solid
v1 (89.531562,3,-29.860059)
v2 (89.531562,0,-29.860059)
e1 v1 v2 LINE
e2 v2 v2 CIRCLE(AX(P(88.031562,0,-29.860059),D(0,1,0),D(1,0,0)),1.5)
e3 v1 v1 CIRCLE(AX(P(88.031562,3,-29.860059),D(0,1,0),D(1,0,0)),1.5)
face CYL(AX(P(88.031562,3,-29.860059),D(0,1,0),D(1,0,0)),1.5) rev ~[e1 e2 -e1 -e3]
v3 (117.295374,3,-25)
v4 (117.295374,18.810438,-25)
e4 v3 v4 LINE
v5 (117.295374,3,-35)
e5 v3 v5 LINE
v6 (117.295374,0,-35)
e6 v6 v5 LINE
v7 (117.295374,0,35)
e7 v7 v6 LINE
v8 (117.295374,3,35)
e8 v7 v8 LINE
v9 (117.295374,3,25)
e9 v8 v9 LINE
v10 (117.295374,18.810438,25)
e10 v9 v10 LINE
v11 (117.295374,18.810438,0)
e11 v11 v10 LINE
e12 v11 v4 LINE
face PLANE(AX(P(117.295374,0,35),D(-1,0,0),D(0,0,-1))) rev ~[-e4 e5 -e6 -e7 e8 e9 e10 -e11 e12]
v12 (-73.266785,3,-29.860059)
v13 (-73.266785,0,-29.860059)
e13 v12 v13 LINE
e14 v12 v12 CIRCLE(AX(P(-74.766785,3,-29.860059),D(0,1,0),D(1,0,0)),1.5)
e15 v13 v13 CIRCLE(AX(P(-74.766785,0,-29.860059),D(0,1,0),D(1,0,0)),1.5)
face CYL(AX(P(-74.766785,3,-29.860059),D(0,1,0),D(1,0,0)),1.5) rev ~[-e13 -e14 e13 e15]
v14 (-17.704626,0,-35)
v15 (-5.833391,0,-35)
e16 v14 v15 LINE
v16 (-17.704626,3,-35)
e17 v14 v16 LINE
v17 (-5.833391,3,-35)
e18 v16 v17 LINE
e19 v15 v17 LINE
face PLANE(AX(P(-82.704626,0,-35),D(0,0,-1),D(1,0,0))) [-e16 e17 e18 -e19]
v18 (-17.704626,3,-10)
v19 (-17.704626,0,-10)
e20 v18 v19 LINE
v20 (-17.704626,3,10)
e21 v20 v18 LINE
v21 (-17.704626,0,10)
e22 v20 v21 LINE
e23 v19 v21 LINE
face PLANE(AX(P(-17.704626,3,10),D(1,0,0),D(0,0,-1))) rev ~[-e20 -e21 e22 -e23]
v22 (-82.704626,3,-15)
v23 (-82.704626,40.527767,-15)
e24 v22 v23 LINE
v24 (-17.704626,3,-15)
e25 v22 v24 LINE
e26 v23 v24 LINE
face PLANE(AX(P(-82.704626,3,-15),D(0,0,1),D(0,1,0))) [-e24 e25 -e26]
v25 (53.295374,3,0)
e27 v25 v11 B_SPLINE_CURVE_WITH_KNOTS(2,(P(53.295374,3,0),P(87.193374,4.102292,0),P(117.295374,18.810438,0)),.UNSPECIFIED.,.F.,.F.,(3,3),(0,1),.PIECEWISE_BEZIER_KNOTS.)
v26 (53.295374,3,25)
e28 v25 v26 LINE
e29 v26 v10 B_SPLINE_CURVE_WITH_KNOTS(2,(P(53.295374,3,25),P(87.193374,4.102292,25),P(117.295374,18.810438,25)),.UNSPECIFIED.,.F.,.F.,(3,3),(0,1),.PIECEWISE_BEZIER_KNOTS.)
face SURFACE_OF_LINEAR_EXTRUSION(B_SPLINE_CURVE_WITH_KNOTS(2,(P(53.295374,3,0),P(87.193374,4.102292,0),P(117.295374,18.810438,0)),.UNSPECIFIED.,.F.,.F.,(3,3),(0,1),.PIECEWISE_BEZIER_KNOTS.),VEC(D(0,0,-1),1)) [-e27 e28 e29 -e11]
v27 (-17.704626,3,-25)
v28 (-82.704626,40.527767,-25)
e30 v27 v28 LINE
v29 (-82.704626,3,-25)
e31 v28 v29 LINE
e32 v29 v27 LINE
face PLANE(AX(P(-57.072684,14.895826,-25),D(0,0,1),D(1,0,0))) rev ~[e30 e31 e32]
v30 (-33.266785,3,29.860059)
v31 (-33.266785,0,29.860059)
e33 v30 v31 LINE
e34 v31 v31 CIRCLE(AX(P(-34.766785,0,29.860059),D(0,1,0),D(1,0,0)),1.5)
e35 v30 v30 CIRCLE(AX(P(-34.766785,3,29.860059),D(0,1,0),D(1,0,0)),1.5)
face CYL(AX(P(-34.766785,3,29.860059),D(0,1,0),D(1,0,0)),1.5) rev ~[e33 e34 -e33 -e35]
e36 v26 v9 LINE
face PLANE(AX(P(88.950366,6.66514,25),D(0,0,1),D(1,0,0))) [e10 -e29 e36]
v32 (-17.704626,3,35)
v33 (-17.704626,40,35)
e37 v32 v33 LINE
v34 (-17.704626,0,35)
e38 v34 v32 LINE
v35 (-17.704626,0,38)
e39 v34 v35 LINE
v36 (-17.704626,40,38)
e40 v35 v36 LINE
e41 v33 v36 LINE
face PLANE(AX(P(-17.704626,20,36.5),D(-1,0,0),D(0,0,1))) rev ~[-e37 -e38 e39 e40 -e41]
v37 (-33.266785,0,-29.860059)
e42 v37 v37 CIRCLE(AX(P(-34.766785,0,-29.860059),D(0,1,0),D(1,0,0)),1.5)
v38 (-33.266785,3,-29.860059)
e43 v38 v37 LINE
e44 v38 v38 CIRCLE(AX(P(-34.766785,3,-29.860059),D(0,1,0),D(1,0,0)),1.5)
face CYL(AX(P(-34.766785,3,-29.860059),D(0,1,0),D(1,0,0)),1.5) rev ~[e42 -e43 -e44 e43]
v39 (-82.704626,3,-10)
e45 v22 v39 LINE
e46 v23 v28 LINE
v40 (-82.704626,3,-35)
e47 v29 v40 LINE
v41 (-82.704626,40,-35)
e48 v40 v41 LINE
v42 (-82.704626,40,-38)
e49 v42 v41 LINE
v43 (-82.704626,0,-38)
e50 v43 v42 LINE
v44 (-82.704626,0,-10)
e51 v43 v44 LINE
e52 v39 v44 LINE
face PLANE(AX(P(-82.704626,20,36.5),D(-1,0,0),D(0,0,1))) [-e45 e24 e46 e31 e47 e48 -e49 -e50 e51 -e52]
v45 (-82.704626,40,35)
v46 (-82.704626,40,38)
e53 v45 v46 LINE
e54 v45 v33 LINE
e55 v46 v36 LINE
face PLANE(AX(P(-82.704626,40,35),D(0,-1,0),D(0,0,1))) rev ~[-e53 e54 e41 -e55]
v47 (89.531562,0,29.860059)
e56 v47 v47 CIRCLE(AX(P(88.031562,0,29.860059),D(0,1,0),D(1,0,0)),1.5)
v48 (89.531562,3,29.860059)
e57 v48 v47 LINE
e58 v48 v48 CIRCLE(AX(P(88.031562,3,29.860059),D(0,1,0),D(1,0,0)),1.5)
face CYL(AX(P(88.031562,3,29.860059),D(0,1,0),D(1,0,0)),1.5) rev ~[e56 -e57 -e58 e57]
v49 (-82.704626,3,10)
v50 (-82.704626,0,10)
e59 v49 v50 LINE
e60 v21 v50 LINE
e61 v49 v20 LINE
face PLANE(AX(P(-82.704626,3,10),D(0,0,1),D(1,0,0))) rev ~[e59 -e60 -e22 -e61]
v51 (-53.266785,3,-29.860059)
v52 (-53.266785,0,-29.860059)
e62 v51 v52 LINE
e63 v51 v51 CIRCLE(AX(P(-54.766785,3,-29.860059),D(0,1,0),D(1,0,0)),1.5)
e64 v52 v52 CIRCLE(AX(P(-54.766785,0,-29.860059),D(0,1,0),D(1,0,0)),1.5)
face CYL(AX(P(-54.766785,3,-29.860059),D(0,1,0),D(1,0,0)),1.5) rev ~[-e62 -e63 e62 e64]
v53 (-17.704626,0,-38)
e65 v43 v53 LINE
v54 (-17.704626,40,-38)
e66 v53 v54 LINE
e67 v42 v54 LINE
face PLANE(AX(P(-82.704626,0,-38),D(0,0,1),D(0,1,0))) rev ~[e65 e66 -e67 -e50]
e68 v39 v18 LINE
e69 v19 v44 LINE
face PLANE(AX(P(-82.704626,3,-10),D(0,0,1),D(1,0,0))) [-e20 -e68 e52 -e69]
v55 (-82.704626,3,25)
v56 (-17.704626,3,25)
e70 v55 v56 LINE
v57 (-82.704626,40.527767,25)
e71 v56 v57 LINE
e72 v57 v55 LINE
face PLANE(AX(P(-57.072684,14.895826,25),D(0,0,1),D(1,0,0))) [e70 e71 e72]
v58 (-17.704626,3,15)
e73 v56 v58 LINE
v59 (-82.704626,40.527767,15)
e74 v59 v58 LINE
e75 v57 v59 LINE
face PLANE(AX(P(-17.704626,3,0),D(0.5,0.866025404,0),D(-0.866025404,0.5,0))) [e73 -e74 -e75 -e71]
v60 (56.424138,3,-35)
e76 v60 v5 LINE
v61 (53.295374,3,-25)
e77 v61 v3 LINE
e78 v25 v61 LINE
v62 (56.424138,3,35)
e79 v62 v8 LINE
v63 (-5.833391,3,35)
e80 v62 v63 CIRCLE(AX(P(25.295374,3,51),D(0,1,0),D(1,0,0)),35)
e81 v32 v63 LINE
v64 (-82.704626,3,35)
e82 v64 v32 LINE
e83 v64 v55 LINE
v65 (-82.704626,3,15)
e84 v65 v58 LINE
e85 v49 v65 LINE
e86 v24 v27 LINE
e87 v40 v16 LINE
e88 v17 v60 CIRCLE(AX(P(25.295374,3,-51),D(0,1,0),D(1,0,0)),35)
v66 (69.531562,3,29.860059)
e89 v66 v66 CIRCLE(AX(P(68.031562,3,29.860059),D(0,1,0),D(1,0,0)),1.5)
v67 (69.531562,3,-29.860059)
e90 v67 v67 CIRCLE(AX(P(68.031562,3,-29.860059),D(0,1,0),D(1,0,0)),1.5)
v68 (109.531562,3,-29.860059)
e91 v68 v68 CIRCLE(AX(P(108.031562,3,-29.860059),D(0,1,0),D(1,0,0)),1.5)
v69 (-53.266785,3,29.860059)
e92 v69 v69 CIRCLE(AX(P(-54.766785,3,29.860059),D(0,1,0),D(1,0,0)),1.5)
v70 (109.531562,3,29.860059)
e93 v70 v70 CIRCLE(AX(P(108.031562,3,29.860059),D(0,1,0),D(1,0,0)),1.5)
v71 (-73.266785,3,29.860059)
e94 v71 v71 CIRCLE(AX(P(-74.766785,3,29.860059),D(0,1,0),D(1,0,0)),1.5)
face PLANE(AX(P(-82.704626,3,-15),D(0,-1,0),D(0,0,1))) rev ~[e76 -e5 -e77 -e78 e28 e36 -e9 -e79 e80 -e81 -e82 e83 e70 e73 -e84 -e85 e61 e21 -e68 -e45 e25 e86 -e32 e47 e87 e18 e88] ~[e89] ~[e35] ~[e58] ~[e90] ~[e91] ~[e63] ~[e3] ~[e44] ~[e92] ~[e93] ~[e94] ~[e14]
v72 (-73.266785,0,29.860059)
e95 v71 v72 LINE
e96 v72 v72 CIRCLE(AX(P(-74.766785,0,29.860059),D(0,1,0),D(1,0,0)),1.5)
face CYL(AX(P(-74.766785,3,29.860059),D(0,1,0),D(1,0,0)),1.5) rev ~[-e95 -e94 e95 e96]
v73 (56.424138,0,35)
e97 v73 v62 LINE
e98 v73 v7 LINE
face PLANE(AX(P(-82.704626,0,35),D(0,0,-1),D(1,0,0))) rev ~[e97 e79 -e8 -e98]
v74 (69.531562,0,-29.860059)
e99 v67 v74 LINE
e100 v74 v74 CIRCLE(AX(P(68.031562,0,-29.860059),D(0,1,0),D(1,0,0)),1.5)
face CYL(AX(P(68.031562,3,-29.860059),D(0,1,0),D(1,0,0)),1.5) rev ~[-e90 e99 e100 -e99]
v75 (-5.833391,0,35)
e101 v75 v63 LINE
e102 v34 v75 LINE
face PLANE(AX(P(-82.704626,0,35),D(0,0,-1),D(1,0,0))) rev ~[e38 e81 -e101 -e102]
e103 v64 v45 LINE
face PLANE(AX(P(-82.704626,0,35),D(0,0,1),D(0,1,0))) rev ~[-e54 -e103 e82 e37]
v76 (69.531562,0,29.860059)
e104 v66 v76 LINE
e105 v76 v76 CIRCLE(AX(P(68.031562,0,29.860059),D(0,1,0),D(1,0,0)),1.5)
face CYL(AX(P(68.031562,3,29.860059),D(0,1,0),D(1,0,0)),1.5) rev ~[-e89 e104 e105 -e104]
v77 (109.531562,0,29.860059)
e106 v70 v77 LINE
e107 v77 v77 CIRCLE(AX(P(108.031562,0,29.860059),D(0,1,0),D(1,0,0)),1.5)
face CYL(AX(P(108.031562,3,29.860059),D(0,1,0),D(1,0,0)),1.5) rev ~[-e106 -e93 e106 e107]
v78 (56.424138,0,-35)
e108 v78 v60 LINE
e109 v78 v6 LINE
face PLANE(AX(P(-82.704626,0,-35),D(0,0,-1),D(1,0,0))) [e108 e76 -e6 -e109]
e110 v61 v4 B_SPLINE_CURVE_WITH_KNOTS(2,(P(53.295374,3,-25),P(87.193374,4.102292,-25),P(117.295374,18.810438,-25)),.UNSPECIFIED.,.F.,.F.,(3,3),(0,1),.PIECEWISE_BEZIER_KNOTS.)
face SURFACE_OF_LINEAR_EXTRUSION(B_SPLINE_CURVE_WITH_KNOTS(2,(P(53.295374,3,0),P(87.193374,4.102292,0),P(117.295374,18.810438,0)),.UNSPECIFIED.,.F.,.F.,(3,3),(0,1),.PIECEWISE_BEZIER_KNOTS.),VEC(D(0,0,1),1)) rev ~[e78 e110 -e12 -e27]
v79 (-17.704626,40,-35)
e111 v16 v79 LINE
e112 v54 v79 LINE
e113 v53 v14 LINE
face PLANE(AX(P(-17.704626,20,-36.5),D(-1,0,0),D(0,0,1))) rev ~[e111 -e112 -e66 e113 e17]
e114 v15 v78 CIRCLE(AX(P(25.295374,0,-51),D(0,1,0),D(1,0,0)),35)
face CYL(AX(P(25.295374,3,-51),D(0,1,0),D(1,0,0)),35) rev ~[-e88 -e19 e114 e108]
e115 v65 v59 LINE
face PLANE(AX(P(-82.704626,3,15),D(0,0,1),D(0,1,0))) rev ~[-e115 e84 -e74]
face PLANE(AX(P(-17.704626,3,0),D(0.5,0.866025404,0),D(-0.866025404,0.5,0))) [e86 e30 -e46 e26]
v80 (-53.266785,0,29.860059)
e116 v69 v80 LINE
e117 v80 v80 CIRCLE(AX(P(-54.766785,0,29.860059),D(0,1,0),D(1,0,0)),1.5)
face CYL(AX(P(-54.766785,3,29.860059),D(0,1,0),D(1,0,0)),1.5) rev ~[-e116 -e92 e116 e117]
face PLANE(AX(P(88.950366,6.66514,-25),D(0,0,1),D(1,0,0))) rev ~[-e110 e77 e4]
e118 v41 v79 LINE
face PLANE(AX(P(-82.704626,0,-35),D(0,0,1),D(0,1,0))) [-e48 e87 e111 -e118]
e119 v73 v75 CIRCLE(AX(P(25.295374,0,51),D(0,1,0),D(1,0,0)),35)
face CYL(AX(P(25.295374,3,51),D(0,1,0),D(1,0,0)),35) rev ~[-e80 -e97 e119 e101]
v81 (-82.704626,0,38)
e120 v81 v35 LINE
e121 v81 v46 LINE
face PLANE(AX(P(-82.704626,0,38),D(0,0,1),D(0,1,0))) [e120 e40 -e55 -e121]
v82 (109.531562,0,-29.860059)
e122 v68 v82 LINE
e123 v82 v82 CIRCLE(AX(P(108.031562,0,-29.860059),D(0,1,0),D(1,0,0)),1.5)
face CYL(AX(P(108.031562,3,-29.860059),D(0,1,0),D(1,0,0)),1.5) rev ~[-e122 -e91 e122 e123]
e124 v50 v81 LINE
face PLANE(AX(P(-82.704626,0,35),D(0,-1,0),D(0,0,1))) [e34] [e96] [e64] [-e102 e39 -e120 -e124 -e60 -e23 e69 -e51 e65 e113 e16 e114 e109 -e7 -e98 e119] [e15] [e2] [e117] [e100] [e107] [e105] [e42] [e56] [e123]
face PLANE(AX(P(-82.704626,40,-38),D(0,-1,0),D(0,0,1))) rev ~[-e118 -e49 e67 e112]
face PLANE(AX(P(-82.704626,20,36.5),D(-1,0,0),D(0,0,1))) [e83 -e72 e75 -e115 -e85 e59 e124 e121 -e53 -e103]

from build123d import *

# Parameters (mm, degrees)
SKETCH_1_W           = 200
SKETCH_1_H           = 70
EXTRUDE_1_DEPTH      = 3
EXTRUDE_2_DEPTH      = 25
EXTRUDE_2_DEPTH_BACK = 25
SKETCH_6_W           = 30
SKETCH_6_H           = 37.527767497
CUT_EXTRUDE_4_DEPTH  = 65
SKETCH_7_R           = 35
CUT_EXTRUDE_5_DEPTH  = 4
SKETCH_8_W           = 3
SKETCH_8_H           = 40
EXTRUDE_3_DEPTH      = 65
SKETCH_9_R           = 1.5
CUT_EXTRUDE_6_DEPTH  = 4
SKETCH_11_W          = 65
SKETCH_11_H          = 20
CUT_EXTRUDE_7_DEPTH  = 4


with BuildPart() as part:
    # 草图1 → 凸台-拉伸1 (new body)
    with BuildSketch(Plane(origin=(0, 0, 0), x_dir=(1, 0, 0), z_dir=(0, 1, 0))):
        with Locations((17.295373665, 0)):
            Rectangle(SKETCH_1_W, SKETCH_1_H)
    extrude(amount=EXTRUDE_1_DEPTH)

    # 草图2 → 凸台-拉伸2 (add, two sides)
    with BuildSketch(Plane.XY) as extrude_2_sk:
        Polygon((-82.704626335, 40.527767497), (-82.704626335, 3), (-17.704626335, 3), align=None)
        with BuildLine():
            Line((117.295373665, 3), (117.295373665, 18.810437945))
            add(Edge.make_bspline(
                [(53.295373665, 3), (87.19337421, 4.102292249), (117.295373665, 18.810437945)],
                knots=[0, 0, 0, 1, 1, 1], degree=2))
            Line((53.295373665, 3), (117.295373665, 3))
        make_face()
    extrude(amount=EXTRUDE_2_DEPTH)
    extrude(extrude_2_sk.sketch, amount=-EXTRUDE_2_DEPTH_BACK)

    # 草图6 → 切除-拉伸4 (cut)
    with BuildSketch(Plane.ZY.offset(82.704626335)):
        with Locations((0, 21.763883748)):
            Rectangle(SKETCH_6_W, SKETCH_6_H)
    extrude(amount=-CUT_EXTRUDE_4_DEPTH, mode=Mode.SUBTRACT)

    # 草图7 → 切除-拉伸5 (cut, through all)
    with BuildSketch(Plane(origin=(0, 3, 0), x_dir=(1, 0, 0), z_dir=(0, 1, 0))):
        with Locations((25.295373665, 51)):
            Circle(SKETCH_7_R)
        with Locations((25.295373665, -51)):
            Circle(SKETCH_7_R)
    extrude(amount=-CUT_EXTRUDE_5_DEPTH, mode=Mode.SUBTRACT)

    # 草图8 → 凸台-拉伸3 (add)
    with BuildSketch(Plane.ZY.offset(82.704626335)):
        with Locations((36.5, 20)):
            Rectangle(SKETCH_8_W, SKETCH_8_H)
        with Locations((-36.5, 20)):
            Rectangle(SKETCH_8_W, SKETCH_8_H)
    extrude(amount=-EXTRUDE_3_DEPTH)

    # 草图9 → 切除-拉伸6 (cut, through all)
    with BuildSketch(Plane(origin=(0, 3, 0), x_dir=(1, 0, 0), z_dir=(0, 1, 0))):
        with Locations((-74.766784803, 29.860059225)):
            Circle(SKETCH_9_R)
        with Locations((-54.766784803, 29.860059225)):
            Circle(SKETCH_9_R)
        with Locations((-34.766784803, 29.860059225)):
            Circle(SKETCH_9_R)
        with Locations((-34.766784803, -29.860059225)):
            Circle(SKETCH_9_R)
        with Locations((-54.766784803, -29.860059225)):
            Circle(SKETCH_9_R)
        with Locations((-74.766784803, -29.860059225)):
            Circle(SKETCH_9_R)
        with Locations((68.031562246, 29.860059225)):
            Circle(SKETCH_9_R)
        with Locations((88.031562246, 29.860059225)):
            Circle(SKETCH_9_R)
        with Locations((108.031562246, 29.860059225)):
            Circle(SKETCH_9_R)
        with Locations((108.031562246, -29.860059225)):
            Circle(SKETCH_9_R)
        with Locations((88.031562246, -29.860059225)):
            Circle(SKETCH_9_R)
        with Locations((68.031562246, -29.860059225)):
            Circle(SKETCH_9_R)
    extrude(amount=-CUT_EXTRUDE_6_DEPTH, mode=Mode.SUBTRACT)

    # 草图11 → 切除-拉伸7 (cut, through all)
    with BuildSketch(Plane(origin=(0, 3, 0), x_dir=(1, 0, 0), z_dir=(0, 1, 0))):
        with Locations((-50.204626335, 0)):
            Rectangle(SKETCH_11_W, SKETCH_11_H)
    extrude(amount=-CUT_EXTRUDE_7_DEPTH, mode=Mode.SUBTRACT)


solid = part.part
